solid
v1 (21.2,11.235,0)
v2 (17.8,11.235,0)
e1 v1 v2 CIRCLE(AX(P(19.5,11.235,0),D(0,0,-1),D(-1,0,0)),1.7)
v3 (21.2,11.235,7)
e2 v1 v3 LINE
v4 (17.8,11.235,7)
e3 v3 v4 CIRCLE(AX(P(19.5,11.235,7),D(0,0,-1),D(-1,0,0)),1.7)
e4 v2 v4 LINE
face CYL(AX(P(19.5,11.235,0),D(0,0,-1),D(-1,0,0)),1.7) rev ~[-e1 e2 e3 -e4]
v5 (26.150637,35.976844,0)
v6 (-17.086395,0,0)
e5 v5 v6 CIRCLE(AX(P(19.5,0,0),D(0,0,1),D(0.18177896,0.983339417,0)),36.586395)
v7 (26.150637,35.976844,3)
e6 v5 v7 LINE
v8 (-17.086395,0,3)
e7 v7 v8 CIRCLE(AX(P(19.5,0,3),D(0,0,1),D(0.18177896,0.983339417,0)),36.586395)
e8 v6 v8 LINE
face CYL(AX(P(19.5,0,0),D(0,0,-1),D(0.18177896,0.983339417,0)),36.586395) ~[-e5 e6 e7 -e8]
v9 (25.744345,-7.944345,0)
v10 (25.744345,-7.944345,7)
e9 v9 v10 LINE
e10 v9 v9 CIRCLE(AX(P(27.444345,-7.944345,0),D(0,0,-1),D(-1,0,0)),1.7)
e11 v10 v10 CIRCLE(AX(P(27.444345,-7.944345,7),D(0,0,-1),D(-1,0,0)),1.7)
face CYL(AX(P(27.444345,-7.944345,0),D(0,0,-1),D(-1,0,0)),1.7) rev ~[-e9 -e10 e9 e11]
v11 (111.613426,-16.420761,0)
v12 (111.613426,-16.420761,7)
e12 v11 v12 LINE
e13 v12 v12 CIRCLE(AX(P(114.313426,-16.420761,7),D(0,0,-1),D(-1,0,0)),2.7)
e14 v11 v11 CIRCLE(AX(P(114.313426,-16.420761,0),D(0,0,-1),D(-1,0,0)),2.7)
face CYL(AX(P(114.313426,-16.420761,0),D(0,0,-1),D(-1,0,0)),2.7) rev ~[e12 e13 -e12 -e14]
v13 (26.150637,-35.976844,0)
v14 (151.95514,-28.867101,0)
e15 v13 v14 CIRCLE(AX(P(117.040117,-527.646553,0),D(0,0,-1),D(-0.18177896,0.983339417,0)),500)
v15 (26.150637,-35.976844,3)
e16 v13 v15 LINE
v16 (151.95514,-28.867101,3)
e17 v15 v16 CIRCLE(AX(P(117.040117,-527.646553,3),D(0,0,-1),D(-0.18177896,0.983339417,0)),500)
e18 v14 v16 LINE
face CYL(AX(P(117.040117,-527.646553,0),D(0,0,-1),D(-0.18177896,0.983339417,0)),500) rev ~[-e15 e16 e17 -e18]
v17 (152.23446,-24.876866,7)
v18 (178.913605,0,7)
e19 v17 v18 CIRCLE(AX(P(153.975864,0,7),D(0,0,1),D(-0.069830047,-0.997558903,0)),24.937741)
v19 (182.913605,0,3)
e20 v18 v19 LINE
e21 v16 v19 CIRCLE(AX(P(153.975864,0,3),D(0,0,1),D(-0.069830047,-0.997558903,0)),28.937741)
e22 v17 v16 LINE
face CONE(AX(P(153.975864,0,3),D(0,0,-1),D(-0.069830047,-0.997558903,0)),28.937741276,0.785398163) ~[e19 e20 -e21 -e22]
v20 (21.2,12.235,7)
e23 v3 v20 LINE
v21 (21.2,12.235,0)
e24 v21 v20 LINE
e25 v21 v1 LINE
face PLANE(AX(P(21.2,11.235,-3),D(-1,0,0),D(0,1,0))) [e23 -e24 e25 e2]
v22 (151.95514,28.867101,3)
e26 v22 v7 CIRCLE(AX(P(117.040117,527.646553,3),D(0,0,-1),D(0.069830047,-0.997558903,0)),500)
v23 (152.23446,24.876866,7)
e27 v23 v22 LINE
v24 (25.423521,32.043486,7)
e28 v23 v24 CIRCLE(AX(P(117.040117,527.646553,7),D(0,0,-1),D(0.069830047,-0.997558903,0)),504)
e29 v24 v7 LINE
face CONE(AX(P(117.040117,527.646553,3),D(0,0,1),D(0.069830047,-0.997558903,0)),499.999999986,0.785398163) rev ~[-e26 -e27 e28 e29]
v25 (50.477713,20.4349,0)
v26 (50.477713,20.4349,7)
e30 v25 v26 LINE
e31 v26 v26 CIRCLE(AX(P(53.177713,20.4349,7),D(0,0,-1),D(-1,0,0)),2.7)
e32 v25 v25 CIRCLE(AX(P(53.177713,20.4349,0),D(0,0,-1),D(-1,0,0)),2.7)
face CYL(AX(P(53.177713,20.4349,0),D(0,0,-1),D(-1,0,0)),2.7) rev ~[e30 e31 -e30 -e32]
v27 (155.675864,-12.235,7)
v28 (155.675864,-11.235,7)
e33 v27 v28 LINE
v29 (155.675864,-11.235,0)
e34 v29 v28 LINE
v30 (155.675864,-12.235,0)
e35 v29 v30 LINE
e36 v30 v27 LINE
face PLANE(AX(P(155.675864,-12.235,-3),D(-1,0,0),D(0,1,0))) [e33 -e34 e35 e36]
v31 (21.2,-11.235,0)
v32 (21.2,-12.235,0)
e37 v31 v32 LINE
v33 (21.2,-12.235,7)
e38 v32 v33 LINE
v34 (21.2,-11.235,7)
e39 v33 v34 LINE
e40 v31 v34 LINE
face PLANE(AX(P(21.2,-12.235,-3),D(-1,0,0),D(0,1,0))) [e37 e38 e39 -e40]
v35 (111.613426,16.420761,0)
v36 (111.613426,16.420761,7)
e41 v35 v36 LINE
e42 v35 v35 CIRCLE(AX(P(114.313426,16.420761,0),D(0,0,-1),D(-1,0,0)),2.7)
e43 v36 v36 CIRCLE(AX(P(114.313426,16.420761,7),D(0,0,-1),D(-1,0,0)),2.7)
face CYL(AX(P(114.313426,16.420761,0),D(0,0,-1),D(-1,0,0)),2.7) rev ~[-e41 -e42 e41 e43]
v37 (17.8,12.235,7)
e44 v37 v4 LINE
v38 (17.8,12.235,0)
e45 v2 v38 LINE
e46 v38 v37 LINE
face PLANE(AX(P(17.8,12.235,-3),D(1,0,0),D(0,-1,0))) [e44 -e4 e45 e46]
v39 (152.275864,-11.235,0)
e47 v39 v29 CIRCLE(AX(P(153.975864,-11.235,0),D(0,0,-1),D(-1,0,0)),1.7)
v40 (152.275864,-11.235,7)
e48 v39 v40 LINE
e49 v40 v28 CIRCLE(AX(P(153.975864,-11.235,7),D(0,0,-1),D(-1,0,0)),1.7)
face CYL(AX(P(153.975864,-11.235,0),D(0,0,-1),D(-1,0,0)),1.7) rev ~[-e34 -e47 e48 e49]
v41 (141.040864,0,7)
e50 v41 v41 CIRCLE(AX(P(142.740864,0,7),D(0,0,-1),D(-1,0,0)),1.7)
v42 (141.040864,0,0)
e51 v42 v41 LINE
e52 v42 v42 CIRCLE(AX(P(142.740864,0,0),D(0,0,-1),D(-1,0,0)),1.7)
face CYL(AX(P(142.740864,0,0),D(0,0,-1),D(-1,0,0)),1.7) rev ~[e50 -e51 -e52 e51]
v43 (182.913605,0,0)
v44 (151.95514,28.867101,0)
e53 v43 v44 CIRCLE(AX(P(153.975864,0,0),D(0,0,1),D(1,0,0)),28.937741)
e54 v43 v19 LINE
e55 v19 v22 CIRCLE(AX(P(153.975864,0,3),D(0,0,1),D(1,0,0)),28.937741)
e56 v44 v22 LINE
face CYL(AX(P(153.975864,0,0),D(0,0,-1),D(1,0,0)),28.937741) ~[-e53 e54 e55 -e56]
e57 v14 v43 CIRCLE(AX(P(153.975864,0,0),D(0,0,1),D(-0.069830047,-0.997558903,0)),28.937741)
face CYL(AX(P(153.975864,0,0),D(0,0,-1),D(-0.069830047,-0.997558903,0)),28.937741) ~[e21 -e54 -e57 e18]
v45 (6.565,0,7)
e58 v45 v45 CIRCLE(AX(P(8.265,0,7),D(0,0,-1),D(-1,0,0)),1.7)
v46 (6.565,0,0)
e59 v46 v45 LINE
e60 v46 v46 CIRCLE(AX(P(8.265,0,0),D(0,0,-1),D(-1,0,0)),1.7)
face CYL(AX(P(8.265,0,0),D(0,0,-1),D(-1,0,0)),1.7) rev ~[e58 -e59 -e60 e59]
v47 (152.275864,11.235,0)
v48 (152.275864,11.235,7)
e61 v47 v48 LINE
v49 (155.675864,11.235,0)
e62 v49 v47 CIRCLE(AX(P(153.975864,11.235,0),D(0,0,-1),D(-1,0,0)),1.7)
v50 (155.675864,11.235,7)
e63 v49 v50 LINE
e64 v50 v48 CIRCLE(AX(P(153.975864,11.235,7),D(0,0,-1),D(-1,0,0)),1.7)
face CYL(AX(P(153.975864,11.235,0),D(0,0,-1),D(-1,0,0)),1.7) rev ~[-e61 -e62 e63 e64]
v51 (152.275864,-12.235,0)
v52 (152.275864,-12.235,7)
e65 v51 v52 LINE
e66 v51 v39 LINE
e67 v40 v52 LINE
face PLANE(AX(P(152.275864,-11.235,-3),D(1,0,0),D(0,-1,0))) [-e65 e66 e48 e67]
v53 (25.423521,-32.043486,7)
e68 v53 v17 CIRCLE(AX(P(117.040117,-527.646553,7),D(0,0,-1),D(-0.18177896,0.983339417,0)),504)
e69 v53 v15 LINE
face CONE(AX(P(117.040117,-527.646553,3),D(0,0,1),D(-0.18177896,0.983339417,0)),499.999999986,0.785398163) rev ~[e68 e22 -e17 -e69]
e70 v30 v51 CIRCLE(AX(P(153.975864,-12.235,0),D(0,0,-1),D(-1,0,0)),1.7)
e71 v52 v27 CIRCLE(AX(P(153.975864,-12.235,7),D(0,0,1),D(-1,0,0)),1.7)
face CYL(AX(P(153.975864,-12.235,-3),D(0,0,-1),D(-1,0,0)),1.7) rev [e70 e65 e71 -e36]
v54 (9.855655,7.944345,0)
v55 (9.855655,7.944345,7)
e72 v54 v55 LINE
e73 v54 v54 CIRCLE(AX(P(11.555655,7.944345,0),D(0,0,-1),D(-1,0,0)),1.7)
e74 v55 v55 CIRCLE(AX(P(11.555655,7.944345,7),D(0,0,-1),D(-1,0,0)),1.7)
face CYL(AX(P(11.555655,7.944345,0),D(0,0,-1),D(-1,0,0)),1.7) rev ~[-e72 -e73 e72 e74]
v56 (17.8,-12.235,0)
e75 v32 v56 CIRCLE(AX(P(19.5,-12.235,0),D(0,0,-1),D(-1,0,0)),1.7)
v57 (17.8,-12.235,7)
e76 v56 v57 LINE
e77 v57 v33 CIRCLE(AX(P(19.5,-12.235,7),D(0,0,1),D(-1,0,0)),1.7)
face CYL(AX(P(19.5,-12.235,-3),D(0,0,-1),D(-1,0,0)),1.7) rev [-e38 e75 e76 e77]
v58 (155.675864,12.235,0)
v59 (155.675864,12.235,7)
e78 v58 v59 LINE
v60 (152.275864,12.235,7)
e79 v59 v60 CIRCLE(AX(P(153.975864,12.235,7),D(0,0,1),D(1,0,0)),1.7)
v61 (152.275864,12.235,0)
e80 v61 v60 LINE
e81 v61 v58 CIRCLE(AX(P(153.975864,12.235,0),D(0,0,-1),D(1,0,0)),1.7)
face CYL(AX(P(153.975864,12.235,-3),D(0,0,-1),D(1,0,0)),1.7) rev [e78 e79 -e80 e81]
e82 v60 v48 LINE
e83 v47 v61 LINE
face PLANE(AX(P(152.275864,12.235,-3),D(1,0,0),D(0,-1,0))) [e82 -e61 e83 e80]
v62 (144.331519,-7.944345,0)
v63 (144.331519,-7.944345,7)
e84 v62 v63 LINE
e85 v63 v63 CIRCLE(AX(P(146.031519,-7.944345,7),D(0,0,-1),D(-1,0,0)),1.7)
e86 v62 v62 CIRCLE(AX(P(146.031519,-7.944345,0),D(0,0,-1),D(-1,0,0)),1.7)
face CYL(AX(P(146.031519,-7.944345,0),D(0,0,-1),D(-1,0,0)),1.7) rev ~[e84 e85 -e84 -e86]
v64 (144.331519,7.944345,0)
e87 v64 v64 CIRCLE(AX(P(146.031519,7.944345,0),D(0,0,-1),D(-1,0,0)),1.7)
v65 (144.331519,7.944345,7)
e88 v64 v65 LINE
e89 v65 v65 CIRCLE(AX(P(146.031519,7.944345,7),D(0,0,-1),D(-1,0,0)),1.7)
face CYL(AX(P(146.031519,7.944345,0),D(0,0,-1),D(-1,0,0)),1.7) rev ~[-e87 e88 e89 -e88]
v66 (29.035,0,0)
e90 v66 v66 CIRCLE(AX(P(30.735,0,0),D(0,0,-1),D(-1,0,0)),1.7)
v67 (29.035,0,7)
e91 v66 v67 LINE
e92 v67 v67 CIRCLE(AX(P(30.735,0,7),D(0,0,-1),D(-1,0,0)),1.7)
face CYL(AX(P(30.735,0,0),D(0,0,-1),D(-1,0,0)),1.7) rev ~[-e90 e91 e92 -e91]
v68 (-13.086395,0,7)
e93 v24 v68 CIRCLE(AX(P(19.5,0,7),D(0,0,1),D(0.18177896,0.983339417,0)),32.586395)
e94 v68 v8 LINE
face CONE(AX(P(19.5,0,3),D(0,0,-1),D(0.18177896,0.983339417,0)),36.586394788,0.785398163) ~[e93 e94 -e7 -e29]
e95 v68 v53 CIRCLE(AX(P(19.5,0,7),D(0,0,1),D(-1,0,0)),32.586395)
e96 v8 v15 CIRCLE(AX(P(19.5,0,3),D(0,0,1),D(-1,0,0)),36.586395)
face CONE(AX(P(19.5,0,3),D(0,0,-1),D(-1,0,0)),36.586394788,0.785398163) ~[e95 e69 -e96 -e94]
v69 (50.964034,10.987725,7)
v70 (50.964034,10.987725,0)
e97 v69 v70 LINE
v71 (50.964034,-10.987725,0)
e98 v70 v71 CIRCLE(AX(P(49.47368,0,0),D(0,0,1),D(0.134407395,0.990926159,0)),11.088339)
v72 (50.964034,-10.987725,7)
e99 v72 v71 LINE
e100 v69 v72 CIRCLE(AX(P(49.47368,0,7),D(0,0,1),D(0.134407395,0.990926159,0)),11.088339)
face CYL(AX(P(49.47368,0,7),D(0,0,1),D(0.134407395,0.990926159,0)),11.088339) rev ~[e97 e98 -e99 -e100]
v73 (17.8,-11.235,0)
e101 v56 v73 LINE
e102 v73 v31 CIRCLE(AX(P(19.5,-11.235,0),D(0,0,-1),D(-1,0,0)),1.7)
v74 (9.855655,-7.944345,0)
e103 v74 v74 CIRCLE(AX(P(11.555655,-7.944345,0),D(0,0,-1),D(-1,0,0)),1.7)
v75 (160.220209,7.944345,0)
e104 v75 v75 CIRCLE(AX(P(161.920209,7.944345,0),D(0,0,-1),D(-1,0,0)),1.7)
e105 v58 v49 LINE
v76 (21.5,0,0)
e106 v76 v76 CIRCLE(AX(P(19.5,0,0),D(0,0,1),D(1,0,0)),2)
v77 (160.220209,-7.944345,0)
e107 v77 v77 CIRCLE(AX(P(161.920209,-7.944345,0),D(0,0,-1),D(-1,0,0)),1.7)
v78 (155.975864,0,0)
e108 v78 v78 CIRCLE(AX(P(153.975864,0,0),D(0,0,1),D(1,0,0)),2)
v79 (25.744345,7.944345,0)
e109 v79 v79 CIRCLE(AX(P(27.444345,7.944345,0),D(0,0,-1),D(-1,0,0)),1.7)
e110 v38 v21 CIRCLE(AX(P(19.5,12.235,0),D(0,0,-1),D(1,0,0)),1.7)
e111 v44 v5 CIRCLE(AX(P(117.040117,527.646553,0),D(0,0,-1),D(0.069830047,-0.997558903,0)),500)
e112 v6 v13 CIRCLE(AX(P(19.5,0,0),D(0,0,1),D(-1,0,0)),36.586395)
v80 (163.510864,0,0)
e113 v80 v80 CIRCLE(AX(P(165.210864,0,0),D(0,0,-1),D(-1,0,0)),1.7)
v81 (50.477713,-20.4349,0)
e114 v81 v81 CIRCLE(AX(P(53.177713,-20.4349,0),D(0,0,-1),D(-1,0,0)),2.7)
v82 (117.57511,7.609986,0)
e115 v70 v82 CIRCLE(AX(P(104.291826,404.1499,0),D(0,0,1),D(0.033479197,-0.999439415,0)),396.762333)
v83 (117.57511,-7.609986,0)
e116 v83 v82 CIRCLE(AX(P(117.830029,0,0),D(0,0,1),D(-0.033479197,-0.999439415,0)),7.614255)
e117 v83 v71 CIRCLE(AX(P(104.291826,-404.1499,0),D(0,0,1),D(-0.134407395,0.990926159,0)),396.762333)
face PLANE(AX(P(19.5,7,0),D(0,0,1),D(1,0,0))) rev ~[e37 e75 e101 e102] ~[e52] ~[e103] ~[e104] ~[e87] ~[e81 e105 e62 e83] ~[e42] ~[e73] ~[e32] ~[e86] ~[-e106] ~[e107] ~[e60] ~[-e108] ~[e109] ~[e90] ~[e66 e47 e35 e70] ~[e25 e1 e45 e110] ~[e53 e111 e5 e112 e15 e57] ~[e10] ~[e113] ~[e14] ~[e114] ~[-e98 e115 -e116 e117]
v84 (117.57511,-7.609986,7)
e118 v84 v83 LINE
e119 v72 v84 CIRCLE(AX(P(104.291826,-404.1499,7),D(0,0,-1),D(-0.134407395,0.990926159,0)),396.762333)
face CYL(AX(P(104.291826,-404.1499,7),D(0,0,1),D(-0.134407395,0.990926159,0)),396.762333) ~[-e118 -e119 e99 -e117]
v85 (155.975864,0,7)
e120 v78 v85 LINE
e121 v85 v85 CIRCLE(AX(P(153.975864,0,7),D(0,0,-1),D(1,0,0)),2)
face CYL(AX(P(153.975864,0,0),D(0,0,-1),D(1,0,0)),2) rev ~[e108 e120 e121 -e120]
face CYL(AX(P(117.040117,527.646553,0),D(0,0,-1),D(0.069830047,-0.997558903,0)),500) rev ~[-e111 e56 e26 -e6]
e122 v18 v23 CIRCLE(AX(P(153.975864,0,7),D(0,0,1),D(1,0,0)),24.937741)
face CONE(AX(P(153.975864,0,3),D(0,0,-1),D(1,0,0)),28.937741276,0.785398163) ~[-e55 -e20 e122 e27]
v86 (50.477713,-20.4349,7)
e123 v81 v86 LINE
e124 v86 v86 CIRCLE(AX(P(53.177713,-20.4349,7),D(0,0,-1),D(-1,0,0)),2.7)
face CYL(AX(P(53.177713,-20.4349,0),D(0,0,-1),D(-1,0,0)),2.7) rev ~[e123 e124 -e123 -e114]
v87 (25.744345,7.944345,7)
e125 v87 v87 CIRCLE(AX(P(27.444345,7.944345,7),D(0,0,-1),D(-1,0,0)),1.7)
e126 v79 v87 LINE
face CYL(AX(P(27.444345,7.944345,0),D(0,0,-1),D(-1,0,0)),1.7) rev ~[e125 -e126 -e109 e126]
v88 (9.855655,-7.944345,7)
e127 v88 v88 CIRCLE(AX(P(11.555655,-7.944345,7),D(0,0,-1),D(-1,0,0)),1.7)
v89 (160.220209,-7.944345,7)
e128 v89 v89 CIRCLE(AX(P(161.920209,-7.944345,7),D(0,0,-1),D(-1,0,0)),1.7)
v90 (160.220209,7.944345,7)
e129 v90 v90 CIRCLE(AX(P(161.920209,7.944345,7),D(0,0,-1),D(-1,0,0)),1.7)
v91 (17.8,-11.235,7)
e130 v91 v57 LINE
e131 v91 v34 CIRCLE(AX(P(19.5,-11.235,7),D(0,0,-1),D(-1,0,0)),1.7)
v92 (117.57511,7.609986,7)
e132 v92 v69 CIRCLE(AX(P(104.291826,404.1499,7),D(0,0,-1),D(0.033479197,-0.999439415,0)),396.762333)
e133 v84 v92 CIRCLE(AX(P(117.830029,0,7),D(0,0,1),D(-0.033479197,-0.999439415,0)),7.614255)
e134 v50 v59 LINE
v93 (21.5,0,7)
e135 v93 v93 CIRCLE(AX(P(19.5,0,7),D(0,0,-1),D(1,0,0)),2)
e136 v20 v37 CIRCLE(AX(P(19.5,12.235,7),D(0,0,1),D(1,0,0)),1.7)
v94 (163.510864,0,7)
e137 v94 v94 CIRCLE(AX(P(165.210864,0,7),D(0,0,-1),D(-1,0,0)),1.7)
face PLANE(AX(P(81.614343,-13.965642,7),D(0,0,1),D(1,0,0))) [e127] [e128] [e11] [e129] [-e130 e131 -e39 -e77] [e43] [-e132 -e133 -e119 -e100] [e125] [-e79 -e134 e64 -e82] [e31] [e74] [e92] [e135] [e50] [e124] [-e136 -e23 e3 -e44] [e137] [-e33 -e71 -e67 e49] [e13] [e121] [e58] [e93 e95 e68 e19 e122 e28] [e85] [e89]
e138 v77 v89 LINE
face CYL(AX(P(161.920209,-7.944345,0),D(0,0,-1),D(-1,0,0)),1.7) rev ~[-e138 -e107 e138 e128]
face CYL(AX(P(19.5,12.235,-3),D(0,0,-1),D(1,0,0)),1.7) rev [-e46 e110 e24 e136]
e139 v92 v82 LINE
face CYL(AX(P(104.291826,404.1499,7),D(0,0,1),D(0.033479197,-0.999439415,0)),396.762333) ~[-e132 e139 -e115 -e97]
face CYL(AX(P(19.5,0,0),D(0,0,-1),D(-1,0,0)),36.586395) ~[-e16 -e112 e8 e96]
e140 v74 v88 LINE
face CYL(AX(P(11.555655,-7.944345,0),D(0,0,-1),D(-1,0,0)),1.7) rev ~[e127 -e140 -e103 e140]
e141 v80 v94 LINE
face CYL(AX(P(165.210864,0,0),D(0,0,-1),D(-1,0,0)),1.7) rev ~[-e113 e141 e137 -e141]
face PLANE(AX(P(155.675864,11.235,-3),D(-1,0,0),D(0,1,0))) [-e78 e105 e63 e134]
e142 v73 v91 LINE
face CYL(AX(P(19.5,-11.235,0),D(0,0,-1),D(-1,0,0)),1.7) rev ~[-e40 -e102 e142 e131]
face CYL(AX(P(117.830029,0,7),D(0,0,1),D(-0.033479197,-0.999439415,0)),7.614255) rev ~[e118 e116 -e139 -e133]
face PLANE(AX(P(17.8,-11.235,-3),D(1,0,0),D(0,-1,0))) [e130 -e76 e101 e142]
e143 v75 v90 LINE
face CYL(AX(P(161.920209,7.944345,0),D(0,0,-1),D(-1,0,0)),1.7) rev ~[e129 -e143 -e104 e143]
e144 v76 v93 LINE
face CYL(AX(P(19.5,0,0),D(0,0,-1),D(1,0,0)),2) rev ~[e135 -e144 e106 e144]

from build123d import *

# Parameters (mm, degrees)
SKETCH1_R           = 1.7
BOSS_EXTRUDE1_DEPTH = 7
CHAMFER1_SIZE       = 4
CUT_EXTRUDE2_DEPTH  = 23
SKETCH4_R           = 2.7
CUT_EXTRUDE3_DEPTH  = 37
SKETCH5_R           = 1.7
CUT_EXTRUDE4_DEPTH  = 29.5
BOSS_EXTRUDE2_START = -7
SKETCH6_R           = 1.7
BOSS_EXTRUDE2_DEPTH = 7
SKETCH7_R           = 1.7
CUT_EXTRUDE5_DEPTH  = 29.5
CUT_EXTRUDE6_START  = -10
SKETCH9_R           = 1.7
CUT_EXTRUDE6_DEPTH  = 10


with BuildPart() as part:
    # Sketch1 → Boss-Extrude1 (new body)
    # profile 1 of 2: a face of its own
    with BuildSketch(Plane.XY):
        with BuildLine():
            ThreePointArc((151.975863937, 0), (153.975863937, 2), (155.975863937, 0))
            Line((155.975863937, 0), (182.913605213, 0))
            ThreePointArc((182.913605213, 0), (173.710575573, 21.164451961), (151.955140105, 28.867101437))
            ThreePointArc((151.955140105, 28.867101437), (88.828026104, 28.443109388), (26.150636783, 35.976844134))
            ThreePointArc((26.150636783, 35.976844134), (-3.901297619, 28.123718694), (-17.086394787, 0))
            Line((-17.086394787, 0), (10.8, 0))
            ThreePointArc((10.8, 0), (12.5, 1.7), (14.2, 0))
            Line((14.2, 0), (17.5, 0))
            ThreePointArc((17.5, 0), (19.5, 2), (21.5, 0))
            Line((21.5, 0), (24.8, 0))
            ThreePointArc((24.8, 0), (26.5, 1.7), (28.2, 0))
            Line((28.2, 0), (151.975863937, 0))
        make_face()
        with Locations((19.5, 7)):
            Circle(SKETCH1_R, mode=Mode.SUBTRACT)
    # profile 2 of 2: a face of its own
    with BuildSketch(Plane.XY):
        with BuildLine():
            Line((182.913605213, 0), (155.975863937, 0))
            ThreePointArc((155.975863937, 0), (153.975863937, -2), (151.975863937, 0))
            Line((151.975863937, 0), (28.2, 0))
            ThreePointArc((28.2, 0), (26.5, -1.7), (24.8, 0))
            Line((24.8, 0), (21.5, 0))
            ThreePointArc((21.5, 0), (19.5, -2), (17.5, 0))
            Line((17.5, 0), (14.2, 0))
            ThreePointArc((14.2, 0), (12.5, -1.7), (10.8, 0))
            Line((10.8, 0), (-17.086394787, 0))
            ThreePointArc((-17.086394787, 0), (-3.901297619, -28.123718694), (26.150636783, -35.976844134))
            ThreePointArc((26.150636783, -35.976844134), (88.828026104, -28.443109388), (151.955140105, -28.867101437))
            ThreePointArc((151.955140105, -28.867101437), (173.710575573, -21.164451961), (182.913605213, 0))
        make_face()
        with Locations((19.5, -7)):
            Circle(SKETCH1_R, mode=Mode.SUBTRACT)
    extrude(amount=BOSS_EXTRUDE1_DEPTH)

    # Chamfer1
    chamfer1_edges = [part.edges().sort_by_distance(p)[0] for p in [
        (88.828026104, -28.443109388, 7),
        (182.913605213, 0, 7),
        (88.828026104, 28.443109388, 7),
        (-17.086394787, 0, 7),
    ]]
    chamfer(chamfer1_edges, length=CHAMFER1_SIZE)

    # Sketch3 → Cut-Extrude2 (cut)
    with BuildSketch(Plane.XY.offset(7)):
        with BuildLine():
            ThreePointArc((50.964034346, 10.98772537), (38.385340354, 0), (50.964034346, -10.98772537))
            ThreePointArc((50.964034346, -10.98772537), (84.198470815, -7.896690537), (117.575110316, -7.609986123))
            ThreePointArc((117.575110316, -7.609986123), (125.444284006, 0), (117.575110316, 7.609986123))
            ThreePointArc((117.575110316, 7.609986123), (84.198470815, 7.896690537), (50.964034346, 10.98772537))
        make_face()
    extrude(amount=-CUT_EXTRUDE2_DEPTH, mode=Mode.SUBTRACT)

    # Sketch4 → Cut-Extrude3 (cut)
    with BuildSketch(Plane(origin=(0, 0, 0), x_dir=(-1, 0, 0), z_dir=(0, 0, -1))):
        with Locations((-114.313426319, 16.420760727)):
            Circle(SKETCH4_R)
        with Locations((-53.177713255, 20.434899892)):
            Circle(SKETCH4_R)
        with Locations((-114.313426318, -16.420760733)):
            Circle(SKETCH4_R)
        with Locations((-53.177713253, -20.434899892)):
            Circle(SKETCH4_R)
    extrude(amount=-CUT_EXTRUDE3_DEPTH, mode=Mode.SUBTRACT)

    # Sketch5 → Cut-Extrude4 (cut)
    with BuildSketch(Plane(origin=(0, 0, 0), x_dir=(-1, 0, 0), z_dir=(0, 0, -1))):
        with Locations((-19.499999999, -11.235000001)):
            Circle(SKETCH5_R)
        with Locations((-11.555655313, -7.944344687)):
            Circle(SKETCH5_R)
        with Locations((-8.265, -1e-09)):
            Circle(SKETCH5_R)
        with Locations((-11.555655314, 7.944344686)):
            Circle(SKETCH5_R)
        with Locations((-19.500000001, 11.234999999)):
            Circle(SKETCH5_R)
        with Locations((-27.444344687, 7.944344685)):
            Circle(SKETCH5_R)
        with Locations((-30.735, -2e-09)):
            Circle(SKETCH5_R)
        with Locations((-27.444344686, -7.944344688)):
            Circle(SKETCH5_R)
    extrude(amount=-CUT_EXTRUDE4_DEPTH, mode=Mode.SUBTRACT)

    # Sketch6 → Boss-Extrude2 (add)
    with BuildSketch(Plane.XY.offset(7).offset(BOSS_EXTRUDE2_START)):
        with Locations((19.5, 7)):
            Circle(SKETCH6_R)
        with Locations((26.5, 0)):
            Circle(SKETCH6_R)
        with Locations((19.5, -7)):
            Circle(SKETCH6_R)
        with Locations((12.5, 0)):
            Circle(SKETCH6_R)
    extrude(amount=BOSS_EXTRUDE2_DEPTH)

    # Sketch7 → Cut-Extrude5 (cut)
    with BuildSketch(Plane(origin=(0, 0, 0), x_dir=(-1, 0, 0), z_dir=(0, 0, -1))):
        with Locations((-146.03151925, -7.944344686)):
            Circle(SKETCH7_R)
        with Locations((-153.975863936, -11.235)):
            Circle(SKETCH7_R)
        with Locations((-161.920208623, -7.944344687)):
            Circle(SKETCH7_R)
        with Locations((-165.210863937, -1e-09)):
            Circle(SKETCH7_R)
        with Locations((-161.920208624, 7.944344686)):
            Circle(SKETCH7_R)
        with Locations((-153.975863937, 11.235)):
            Circle(SKETCH7_R)
        with Locations((-146.031519251, 7.944344687)):
            Circle(SKETCH7_R)
        with Locations((-142.740863937, 1e-09)):
            Circle(SKETCH7_R)
    extrude(amount=-CUT_EXTRUDE5_DEPTH, mode=Mode.SUBTRACT)

    # Sketch9 → Cut-Extrude6 (cut)
    with BuildSketch(Plane.XY.offset(7).offset(CUT_EXTRUDE6_START)):
        with BuildLine():
            Line((152.275863937, 12.235), (152.275863937, 11.235))
            ThreePointArc((152.275863937, 11.235), (153.975863937, 12.935), (155.675863937, 11.235))
            Line((155.675863937, 11.235), (155.675863937, 12.235))
            ThreePointArc((155.675863937, 12.235), (153.975863937, 13.935), (152.275863937, 12.235))
        make_face()
        with Locations((153.975863937, 11.235)):
            Circle(SKETCH9_R)
        with BuildLine():
            Line((155.675863936, -12.235), (155.675863936, -11.235))
            ThreePointArc((155.675863936, -11.235), (153.975863936, -12.935), (152.275863936, -11.235))
            Line((152.275863939, -11.235), (152.275863939, -12.235))
            ThreePointArc((152.275863939, -12.235), (153.975863937, -13.934999999), (155.675863936, -12.235))
        make_face()
        with Locations((153.975863936, -11.235)):
            Circle(SKETCH9_R)
        with BuildLine():
            ThreePointArc((17.800000001, 11.235), (19.500000001, 12.934999999), (21.200000001, 11.234999999))
            Line((21.199999999, 11.235), (21.199999999, 12.235))
            ThreePointArc((21.199999999, 12.235), (19.499999999, 13.935), (17.799999999, 12.235))
            Line((17.799999999, 12.235), (17.799999999, 11.235))
        make_face()
        with Locations((19.500000001, 11.234999999)):
            Circle(SKETCH9_R)
        with Locations((19.499999999, -11.235000001)):
            Circle(SKETCH9_R)
        with BuildLine():
            ThreePointArc((21.199999999, -11.235000001), (19.499999999, -12.935000001), (17.799999999, -11.235))
            Line((17.800000001, -11.235), (17.800000001, -12.235))
            ThreePointArc((17.800000001, -12.235), (19.499999999, -13.934999999), (21.199999998, -12.235))
            Line((21.199999998, -12.235), (21.199999998, -11.235))
        make_face()
    extrude(amount=CUT_EXTRUDE6_DEPTH, mode=Mode.SUBTRACT)


solid = part.part
